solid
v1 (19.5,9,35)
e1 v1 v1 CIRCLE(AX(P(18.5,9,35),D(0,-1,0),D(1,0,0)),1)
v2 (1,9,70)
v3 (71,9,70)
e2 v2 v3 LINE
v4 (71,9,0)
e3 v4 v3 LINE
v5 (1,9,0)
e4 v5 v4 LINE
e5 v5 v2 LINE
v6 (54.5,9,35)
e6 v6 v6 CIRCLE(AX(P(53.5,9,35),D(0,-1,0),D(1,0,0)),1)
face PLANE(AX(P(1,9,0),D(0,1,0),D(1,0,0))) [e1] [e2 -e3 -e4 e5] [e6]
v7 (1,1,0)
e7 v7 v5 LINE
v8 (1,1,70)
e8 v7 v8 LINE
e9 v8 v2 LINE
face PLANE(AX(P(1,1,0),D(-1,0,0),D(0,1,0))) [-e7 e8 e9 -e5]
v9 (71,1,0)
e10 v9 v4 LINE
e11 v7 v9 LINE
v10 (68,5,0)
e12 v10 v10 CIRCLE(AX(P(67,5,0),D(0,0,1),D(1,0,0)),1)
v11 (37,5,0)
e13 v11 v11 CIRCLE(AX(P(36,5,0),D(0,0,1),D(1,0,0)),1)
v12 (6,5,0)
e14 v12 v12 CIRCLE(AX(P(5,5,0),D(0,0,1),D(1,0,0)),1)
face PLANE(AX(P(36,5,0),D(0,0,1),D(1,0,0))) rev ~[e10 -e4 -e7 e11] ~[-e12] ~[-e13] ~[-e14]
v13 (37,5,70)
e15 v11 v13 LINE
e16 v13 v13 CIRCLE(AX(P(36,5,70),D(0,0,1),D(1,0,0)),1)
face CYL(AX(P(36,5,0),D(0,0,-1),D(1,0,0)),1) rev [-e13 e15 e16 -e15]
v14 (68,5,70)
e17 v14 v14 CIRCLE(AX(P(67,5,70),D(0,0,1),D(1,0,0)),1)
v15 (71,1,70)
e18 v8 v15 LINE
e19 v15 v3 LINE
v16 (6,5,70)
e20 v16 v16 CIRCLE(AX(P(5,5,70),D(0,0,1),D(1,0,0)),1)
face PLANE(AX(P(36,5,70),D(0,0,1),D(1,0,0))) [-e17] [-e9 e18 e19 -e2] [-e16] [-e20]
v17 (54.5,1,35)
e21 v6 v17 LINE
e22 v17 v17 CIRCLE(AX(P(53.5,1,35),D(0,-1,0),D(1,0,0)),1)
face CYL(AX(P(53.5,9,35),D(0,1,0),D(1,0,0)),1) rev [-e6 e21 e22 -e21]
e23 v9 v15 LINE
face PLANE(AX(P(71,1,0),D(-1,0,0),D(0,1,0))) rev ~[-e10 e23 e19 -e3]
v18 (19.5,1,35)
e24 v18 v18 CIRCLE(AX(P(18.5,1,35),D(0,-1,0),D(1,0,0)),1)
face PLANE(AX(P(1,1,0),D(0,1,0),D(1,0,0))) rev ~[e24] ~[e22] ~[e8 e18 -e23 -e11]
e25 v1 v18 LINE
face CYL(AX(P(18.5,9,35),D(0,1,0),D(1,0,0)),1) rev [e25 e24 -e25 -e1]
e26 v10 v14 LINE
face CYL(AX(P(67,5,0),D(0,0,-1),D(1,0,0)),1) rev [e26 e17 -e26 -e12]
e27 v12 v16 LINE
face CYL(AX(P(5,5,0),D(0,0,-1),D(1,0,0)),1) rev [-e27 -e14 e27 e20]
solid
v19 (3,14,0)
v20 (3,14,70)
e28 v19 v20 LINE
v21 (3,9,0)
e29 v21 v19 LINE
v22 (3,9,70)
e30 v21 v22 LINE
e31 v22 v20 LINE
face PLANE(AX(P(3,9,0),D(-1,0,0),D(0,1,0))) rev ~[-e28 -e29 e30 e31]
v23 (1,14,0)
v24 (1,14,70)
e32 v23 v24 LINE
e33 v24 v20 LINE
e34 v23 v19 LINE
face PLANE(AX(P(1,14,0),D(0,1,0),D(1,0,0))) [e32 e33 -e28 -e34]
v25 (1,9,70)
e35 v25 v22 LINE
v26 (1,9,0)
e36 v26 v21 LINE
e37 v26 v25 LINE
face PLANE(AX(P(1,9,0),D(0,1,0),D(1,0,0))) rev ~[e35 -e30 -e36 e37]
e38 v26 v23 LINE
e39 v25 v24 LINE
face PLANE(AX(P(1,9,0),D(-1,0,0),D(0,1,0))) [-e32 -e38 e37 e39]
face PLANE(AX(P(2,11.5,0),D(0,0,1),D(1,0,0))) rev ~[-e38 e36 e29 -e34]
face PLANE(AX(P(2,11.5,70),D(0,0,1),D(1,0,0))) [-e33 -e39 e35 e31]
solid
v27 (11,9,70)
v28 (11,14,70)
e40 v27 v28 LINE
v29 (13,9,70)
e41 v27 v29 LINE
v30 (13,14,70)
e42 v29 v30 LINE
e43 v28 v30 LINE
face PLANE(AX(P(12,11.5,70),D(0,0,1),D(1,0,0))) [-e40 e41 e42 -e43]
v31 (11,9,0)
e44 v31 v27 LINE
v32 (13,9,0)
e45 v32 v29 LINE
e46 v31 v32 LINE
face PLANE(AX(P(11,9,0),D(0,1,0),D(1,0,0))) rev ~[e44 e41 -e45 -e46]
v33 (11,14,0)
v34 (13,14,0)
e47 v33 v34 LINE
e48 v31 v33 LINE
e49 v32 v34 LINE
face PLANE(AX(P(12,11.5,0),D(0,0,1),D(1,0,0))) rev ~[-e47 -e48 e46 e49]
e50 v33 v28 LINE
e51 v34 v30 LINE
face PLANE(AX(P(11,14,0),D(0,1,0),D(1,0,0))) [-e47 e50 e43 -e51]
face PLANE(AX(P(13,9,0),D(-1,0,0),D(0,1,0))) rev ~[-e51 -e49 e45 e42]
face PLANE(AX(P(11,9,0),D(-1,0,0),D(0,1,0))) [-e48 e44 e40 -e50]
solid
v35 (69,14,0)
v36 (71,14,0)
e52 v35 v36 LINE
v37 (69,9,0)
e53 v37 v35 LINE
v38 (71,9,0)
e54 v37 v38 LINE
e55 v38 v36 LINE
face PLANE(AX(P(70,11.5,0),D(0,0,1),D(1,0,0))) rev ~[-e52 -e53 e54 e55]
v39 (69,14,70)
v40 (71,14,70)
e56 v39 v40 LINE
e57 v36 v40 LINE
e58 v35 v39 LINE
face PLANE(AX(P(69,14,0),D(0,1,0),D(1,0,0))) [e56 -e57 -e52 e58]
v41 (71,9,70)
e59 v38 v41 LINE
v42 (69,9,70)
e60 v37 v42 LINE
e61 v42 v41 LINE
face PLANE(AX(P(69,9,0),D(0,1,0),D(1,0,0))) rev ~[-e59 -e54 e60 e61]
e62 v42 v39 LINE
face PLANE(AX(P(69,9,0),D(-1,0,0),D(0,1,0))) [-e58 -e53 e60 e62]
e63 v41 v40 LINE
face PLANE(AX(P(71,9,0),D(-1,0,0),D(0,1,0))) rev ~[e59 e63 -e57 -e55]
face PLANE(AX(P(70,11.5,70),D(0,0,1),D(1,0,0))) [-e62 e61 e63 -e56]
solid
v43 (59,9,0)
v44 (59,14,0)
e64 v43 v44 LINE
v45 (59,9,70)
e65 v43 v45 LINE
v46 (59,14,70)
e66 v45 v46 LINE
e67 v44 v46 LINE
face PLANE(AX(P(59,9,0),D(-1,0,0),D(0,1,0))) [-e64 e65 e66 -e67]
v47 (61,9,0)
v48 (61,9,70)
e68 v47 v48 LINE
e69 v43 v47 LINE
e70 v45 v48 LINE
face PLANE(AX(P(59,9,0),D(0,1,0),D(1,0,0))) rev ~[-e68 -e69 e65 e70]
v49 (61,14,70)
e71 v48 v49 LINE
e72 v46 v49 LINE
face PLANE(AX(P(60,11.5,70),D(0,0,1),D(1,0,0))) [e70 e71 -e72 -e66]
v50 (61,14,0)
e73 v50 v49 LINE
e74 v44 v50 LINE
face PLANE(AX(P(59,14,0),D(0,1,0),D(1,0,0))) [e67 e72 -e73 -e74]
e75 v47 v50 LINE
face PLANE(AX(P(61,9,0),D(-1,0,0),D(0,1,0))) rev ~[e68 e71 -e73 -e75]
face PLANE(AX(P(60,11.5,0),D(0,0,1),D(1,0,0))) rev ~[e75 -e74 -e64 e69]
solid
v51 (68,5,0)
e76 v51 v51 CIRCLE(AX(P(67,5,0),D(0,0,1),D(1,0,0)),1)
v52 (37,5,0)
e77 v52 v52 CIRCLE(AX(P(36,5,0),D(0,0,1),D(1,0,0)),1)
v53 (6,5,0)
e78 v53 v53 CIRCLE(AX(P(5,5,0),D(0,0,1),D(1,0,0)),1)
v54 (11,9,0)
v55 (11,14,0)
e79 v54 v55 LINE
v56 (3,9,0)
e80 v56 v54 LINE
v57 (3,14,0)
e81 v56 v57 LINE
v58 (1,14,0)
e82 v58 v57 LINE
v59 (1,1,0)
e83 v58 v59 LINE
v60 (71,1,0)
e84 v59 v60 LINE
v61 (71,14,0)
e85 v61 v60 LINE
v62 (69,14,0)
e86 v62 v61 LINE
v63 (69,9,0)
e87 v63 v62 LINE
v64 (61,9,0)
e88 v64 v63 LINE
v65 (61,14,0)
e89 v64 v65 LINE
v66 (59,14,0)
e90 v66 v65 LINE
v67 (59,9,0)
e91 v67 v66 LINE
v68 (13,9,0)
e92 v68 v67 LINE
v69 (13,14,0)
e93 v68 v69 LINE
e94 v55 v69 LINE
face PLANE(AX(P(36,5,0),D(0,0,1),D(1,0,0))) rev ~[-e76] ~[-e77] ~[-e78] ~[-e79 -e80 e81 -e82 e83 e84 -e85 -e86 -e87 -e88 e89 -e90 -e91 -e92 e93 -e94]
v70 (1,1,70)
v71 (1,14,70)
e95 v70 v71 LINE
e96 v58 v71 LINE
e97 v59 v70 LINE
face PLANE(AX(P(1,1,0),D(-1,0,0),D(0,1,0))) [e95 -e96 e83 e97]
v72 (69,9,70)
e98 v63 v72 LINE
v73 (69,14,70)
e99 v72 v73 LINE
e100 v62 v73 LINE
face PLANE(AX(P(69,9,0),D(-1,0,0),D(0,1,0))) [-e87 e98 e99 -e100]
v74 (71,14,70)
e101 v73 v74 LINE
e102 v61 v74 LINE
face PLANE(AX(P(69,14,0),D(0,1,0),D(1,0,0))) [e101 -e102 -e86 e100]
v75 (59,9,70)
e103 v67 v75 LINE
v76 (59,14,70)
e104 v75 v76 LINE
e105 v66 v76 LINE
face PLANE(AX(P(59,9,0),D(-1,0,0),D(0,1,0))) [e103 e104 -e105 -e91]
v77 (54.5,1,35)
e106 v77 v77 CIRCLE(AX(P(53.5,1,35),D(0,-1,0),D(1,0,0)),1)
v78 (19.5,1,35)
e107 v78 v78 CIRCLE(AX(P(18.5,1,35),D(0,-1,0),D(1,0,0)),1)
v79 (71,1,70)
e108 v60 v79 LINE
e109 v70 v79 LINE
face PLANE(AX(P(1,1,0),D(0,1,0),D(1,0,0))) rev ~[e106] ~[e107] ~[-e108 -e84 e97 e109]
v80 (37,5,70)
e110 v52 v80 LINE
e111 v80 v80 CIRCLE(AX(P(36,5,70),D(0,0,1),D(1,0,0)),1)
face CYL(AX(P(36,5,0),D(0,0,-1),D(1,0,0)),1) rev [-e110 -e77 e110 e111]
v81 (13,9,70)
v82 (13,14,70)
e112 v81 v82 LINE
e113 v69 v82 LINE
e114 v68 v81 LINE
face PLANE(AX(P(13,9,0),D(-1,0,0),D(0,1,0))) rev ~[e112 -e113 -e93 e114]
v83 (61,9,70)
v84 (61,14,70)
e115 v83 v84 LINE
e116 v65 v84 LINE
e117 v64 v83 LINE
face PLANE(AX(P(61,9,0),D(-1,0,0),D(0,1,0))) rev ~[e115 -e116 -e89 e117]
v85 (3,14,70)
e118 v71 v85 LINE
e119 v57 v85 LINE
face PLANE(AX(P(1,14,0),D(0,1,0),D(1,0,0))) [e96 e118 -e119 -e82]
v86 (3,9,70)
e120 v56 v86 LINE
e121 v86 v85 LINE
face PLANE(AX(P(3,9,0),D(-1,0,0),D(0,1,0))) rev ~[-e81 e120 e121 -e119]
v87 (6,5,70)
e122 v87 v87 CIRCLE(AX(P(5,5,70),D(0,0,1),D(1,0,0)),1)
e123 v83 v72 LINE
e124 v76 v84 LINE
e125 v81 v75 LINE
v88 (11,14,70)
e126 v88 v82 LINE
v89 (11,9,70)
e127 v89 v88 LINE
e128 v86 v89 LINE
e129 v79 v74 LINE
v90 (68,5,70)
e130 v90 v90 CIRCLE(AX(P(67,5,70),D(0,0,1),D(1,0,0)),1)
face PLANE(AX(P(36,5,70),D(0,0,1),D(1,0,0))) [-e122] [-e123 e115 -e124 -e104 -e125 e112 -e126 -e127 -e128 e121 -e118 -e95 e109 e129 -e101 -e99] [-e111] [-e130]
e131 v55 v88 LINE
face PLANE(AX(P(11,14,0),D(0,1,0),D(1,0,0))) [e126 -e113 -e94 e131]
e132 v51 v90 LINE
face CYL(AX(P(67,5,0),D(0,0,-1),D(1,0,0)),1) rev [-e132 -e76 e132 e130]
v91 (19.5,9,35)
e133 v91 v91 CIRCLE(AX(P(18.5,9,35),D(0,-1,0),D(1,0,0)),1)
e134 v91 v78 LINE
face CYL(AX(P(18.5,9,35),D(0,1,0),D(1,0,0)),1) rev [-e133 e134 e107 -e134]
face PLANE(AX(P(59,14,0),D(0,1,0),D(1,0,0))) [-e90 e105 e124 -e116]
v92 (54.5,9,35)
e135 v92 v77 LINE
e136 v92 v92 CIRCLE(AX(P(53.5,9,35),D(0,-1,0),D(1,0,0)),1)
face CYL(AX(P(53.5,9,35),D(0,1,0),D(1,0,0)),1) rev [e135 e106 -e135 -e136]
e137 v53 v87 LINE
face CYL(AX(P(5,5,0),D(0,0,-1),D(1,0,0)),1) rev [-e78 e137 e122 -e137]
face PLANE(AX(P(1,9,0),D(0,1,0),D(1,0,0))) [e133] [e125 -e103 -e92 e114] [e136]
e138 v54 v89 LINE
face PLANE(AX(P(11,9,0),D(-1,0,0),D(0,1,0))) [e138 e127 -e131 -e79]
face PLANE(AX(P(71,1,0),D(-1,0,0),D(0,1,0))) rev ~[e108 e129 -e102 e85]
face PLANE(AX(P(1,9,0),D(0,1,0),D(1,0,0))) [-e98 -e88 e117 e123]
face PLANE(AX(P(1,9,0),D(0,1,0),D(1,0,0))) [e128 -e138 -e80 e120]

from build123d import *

# Parameters (mm, degrees)
BOX008_W          = 2
BOX008_H          = 5
BOX008_DEPTH      = 70
BOX009_W          = 2
BOX009_H          = 5
BOX009_DEPTH      = 70
BOX010_W          = 2
BOX010_H          = 5
BOX010_DEPTH      = 70
BOX011_W          = 2
BOX011_H          = 5
BOX011_DEPTH      = 70
BOX003_W          = 2
BOX003_H          = 5
BOX003_DEPTH      = 70
BOX004_W          = 2
BOX004_H          = 5
BOX004_DEPTH      = 70
BOX002_W          = 2
BOX002_H          = 5
BOX002_DEPTH      = 70
CYLINDER004_R     = 1
CYLINDER004_DEPTH = 8
CYLINDER003_R     = 1
CYLINDER003_DEPTH = 8
CYLINDER_R        = 1
CYLINDER_DEPTH    = 70
CYLINDER002_R     = 1
CYLINDER002_DEPTH = 70
CYLINDER001_R     = 1
CYLINDER001_DEPTH = 70
BOX001_W          = 70
BOX001_H          = 8
BOX001_DEPTH      = 70
BOX_W             = 2
BOX_H             = 5
BOX_DEPTH         = 70
CYLINDER009_R     = 1
CYLINDER009_DEPTH = 8
CYLINDER008_R     = 1
CYLINDER008_DEPTH = 8
CYLINDER005_R     = 1
CYLINDER005_DEPTH = 70
CYLINDER006_R     = 1
CYLINDER006_DEPTH = 70
CYLINDER007_R     = 1
CYLINDER007_DEPTH = 70
BOX007_W          = 70
BOX007_H          = 8
BOX007_DEPTH      = 70


with BuildPart() as w_rfel008:
    # Box008 → Box008 (new body)
    with BuildSketch(Plane(origin=(1, 9, 0), x_dir=(1, 0, 0), z_dir=(0, 0, 1))):
        with Locations((1, 2.5)):
            Rectangle(BOX008_W, BOX008_H)
    extrude(amount=BOX008_DEPTH)


with BuildPart() as w_rfel009:
    # Box009 → Box009 (new body)
    with BuildSketch(Plane(origin=(11, 9, 0), x_dir=(1, 0, 0), z_dir=(0, 0, 1))):
        with Locations((1, 2.5)):
            Rectangle(BOX009_W, BOX009_H)
    extrude(amount=BOX009_DEPTH)


with BuildPart() as w_rfel010:
    # Box010 → Box010 (new body)
    with BuildSketch(Plane(origin=(69, 9, 0), x_dir=(1, 0, 0), z_dir=(0, 0, 1))):
        with Locations((1, 2.5)):
            Rectangle(BOX010_W, BOX010_H)
    extrude(amount=BOX010_DEPTH)


with BuildPart() as w_rfel011:
    # Box011 → Box011 (new body)
    with BuildSketch(Plane(origin=(59, 9, 0), x_dir=(1, 0, 0), z_dir=(0, 0, 1))):
        with Locations((1, 2.5)):
            Rectangle(BOX011_W, BOX011_H)
    extrude(amount=BOX011_DEPTH)


with BuildPart() as w_rfel003:
    # Box003 → Box003 (new body)
    with BuildSketch(Plane(origin=(69, 9, 0), x_dir=(1, 0, 0), z_dir=(0, 0, 1))):
        with Locations((1, 2.5)):
            Rectangle(BOX003_W, BOX003_H)
    extrude(amount=BOX003_DEPTH)


with BuildPart() as w_rfel004:
    # Box004 → Box004 (new body)
    with BuildSketch(Plane(origin=(59, 9, 0), x_dir=(1, 0, 0), z_dir=(0, 0, 1))):
        with Locations((1, 2.5)):
            Rectangle(BOX004_W, BOX004_H)
    extrude(amount=BOX004_DEPTH)


with BuildPart() as w_rfel002:
    # Box002 → Box002 (new body)
    with BuildSketch(Plane(origin=(11, 9, 0), x_dir=(1, 0, 0), z_dir=(0, 0, 1))):
        with Locations((1, 2.5)):
            Rectangle(BOX002_W, BOX002_H)
    extrude(amount=BOX002_DEPTH)


with BuildPart() as zylinder004:
    # Cylinder004 → Cylinder004 (new body)
    with BuildSketch(Plane(origin=(53.5, 9, 35), x_dir=(1, 0, 0), z_dir=(0, -1, 0))):
        Circle(CYLINDER004_R)
    extrude(amount=CYLINDER004_DEPTH)


with BuildPart() as zylinder003:
    # Cylinder003 → Cylinder003 (new body)
    with BuildSketch(Plane(origin=(18.5, 9, 35), x_dir=(1, 0, 0), z_dir=(0, -1, 0))):
        Circle(CYLINDER003_R)
    extrude(amount=CYLINDER003_DEPTH)


with BuildPart() as zylinder:
    # Cylinder → Cylinder (new body)
    with BuildSketch(Plane(origin=(36, 5, 0), x_dir=(1, 0, 0), z_dir=(0, 0, 1))):
        Circle(CYLINDER_R)
    extrude(amount=CYLINDER_DEPTH)


with BuildPart() as zylinder002:
    # Cylinder002 → Cylinder002 (new body)
    with BuildSketch(Plane(origin=(67, 5, 0), x_dir=(1, 0, 0), z_dir=(0, 0, 1))):
        Circle(CYLINDER002_R)
    extrude(amount=CYLINDER002_DEPTH)


with BuildPart() as zylinder001:
    # Cylinder001 → Cylinder001 (new body)
    with BuildSketch(Plane(origin=(5, 5, 0), x_dir=(1, 0, 0), z_dir=(0, 0, 1))):
        Circle(CYLINDER001_R)
    extrude(amount=CYLINDER001_DEPTH)


with BuildPart() as cut004:
    # Box001 → Box001 (new body)
    with BuildSketch(Plane(origin=(1, 1, 0), x_dir=(1, 0, 0), z_dir=(0, 0, 1))):
        with Locations((35, 4)):
            Rectangle(BOX001_W, BOX001_H)
    extrude(amount=BOX001_DEPTH)

    # Cut: cut Zylinder001
    add(zylinder001.part, mode=Mode.SUBTRACT)

    # Cut001: cut Zylinder002
    add(zylinder002.part, mode=Mode.SUBTRACT)

    # Cut002: cut Zylinder
    add(zylinder.part, mode=Mode.SUBTRACT)

    # Cut003: cut Zylinder003
    add(zylinder003.part, mode=Mode.SUBTRACT)

    # Cut004: cut Zylinder004
    add(zylinder004.part, mode=Mode.SUBTRACT)


with BuildPart() as fusion:
    # Box → Box (new body)
    with BuildSketch(Plane(origin=(1, 9, 0), x_dir=(1, 0, 0), z_dir=(0, 0, 1))):
        with Locations((1, 2.5)):
            Rectangle(BOX_W, BOX_H)
    extrude(amount=BOX_DEPTH)

    # Fusion: union Würfel003, Würfel004, Würfel002, Cut004
    add(w_rfel003.part)
    add(w_rfel004.part)
    add(w_rfel002.part)
    add(cut004.part)


with BuildPart() as zylinder009:
    # Cylinder009 → Cylinder009 (new body)
    with BuildSketch(Plane(origin=(53.5, 9, 35), x_dir=(1, 0, 0), z_dir=(0, -1, 0))):
        Circle(CYLINDER009_R)
    extrude(amount=CYLINDER009_DEPTH)


with BuildPart() as zylinder008:
    # Cylinder008 → Cylinder008 (new body)
    with BuildSketch(Plane(origin=(18.5, 9, 35), x_dir=(1, 0, 0), z_dir=(0, -1, 0))):
        Circle(CYLINDER008_R)
    extrude(amount=CYLINDER008_DEPTH)


with BuildPart() as zylinder005:
    # Cylinder005 → Cylinder005 (new body)
    with BuildSketch(Plane(origin=(36, 5, 0), x_dir=(1, 0, 0), z_dir=(0, 0, 1))):
        Circle(CYLINDER005_R)
    extrude(amount=CYLINDER005_DEPTH)


with BuildPart() as zylinder006:
    # Cylinder006 → Cylinder006 (new body)
    with BuildSketch(Plane(origin=(67, 5, 0), x_dir=(1, 0, 0), z_dir=(0, 0, 1))):
        Circle(CYLINDER006_R)
    extrude(amount=CYLINDER006_DEPTH)


with BuildPart() as zylinder007:
    # Cylinder007 → Cylinder007 (new body)
    with BuildSketch(Plane(origin=(5, 5, 0), x_dir=(1, 0, 0), z_dir=(0, 0, 1))):
        Circle(CYLINDER007_R)
    extrude(amount=CYLINDER007_DEPTH)


with BuildPart() as cut008:
    # Box007 → Box007 (new body)
    with BuildSketch(Plane(origin=(1, 1, 0), x_dir=(1, 0, 0), z_dir=(0, 0, 1))):
        with Locations((35, 4)):
            Rectangle(BOX007_W, BOX007_H)
    extrude(amount=BOX007_DEPTH)

    # Cut005: cut Zylinder007
    add(zylinder007.part, mode=Mode.SUBTRACT)

    # Cut009: cut Zylinder006
    add(zylinder006.part, mode=Mode.SUBTRACT)

    # Cut007: cut Zylinder005
    add(zylinder005.part, mode=Mode.SUBTRACT)

    # Cut006: cut Zylinder008
    add(zylinder008.part, mode=Mode.SUBTRACT)

    # Cut008: cut Zylinder009
    add(zylinder009.part, mode=Mode.SUBTRACT)


solid = Compound([w_rfel008.part, w_rfel009.part, w_rfel010.part, w_rfel011.part, fusion.part, cut008.part])
